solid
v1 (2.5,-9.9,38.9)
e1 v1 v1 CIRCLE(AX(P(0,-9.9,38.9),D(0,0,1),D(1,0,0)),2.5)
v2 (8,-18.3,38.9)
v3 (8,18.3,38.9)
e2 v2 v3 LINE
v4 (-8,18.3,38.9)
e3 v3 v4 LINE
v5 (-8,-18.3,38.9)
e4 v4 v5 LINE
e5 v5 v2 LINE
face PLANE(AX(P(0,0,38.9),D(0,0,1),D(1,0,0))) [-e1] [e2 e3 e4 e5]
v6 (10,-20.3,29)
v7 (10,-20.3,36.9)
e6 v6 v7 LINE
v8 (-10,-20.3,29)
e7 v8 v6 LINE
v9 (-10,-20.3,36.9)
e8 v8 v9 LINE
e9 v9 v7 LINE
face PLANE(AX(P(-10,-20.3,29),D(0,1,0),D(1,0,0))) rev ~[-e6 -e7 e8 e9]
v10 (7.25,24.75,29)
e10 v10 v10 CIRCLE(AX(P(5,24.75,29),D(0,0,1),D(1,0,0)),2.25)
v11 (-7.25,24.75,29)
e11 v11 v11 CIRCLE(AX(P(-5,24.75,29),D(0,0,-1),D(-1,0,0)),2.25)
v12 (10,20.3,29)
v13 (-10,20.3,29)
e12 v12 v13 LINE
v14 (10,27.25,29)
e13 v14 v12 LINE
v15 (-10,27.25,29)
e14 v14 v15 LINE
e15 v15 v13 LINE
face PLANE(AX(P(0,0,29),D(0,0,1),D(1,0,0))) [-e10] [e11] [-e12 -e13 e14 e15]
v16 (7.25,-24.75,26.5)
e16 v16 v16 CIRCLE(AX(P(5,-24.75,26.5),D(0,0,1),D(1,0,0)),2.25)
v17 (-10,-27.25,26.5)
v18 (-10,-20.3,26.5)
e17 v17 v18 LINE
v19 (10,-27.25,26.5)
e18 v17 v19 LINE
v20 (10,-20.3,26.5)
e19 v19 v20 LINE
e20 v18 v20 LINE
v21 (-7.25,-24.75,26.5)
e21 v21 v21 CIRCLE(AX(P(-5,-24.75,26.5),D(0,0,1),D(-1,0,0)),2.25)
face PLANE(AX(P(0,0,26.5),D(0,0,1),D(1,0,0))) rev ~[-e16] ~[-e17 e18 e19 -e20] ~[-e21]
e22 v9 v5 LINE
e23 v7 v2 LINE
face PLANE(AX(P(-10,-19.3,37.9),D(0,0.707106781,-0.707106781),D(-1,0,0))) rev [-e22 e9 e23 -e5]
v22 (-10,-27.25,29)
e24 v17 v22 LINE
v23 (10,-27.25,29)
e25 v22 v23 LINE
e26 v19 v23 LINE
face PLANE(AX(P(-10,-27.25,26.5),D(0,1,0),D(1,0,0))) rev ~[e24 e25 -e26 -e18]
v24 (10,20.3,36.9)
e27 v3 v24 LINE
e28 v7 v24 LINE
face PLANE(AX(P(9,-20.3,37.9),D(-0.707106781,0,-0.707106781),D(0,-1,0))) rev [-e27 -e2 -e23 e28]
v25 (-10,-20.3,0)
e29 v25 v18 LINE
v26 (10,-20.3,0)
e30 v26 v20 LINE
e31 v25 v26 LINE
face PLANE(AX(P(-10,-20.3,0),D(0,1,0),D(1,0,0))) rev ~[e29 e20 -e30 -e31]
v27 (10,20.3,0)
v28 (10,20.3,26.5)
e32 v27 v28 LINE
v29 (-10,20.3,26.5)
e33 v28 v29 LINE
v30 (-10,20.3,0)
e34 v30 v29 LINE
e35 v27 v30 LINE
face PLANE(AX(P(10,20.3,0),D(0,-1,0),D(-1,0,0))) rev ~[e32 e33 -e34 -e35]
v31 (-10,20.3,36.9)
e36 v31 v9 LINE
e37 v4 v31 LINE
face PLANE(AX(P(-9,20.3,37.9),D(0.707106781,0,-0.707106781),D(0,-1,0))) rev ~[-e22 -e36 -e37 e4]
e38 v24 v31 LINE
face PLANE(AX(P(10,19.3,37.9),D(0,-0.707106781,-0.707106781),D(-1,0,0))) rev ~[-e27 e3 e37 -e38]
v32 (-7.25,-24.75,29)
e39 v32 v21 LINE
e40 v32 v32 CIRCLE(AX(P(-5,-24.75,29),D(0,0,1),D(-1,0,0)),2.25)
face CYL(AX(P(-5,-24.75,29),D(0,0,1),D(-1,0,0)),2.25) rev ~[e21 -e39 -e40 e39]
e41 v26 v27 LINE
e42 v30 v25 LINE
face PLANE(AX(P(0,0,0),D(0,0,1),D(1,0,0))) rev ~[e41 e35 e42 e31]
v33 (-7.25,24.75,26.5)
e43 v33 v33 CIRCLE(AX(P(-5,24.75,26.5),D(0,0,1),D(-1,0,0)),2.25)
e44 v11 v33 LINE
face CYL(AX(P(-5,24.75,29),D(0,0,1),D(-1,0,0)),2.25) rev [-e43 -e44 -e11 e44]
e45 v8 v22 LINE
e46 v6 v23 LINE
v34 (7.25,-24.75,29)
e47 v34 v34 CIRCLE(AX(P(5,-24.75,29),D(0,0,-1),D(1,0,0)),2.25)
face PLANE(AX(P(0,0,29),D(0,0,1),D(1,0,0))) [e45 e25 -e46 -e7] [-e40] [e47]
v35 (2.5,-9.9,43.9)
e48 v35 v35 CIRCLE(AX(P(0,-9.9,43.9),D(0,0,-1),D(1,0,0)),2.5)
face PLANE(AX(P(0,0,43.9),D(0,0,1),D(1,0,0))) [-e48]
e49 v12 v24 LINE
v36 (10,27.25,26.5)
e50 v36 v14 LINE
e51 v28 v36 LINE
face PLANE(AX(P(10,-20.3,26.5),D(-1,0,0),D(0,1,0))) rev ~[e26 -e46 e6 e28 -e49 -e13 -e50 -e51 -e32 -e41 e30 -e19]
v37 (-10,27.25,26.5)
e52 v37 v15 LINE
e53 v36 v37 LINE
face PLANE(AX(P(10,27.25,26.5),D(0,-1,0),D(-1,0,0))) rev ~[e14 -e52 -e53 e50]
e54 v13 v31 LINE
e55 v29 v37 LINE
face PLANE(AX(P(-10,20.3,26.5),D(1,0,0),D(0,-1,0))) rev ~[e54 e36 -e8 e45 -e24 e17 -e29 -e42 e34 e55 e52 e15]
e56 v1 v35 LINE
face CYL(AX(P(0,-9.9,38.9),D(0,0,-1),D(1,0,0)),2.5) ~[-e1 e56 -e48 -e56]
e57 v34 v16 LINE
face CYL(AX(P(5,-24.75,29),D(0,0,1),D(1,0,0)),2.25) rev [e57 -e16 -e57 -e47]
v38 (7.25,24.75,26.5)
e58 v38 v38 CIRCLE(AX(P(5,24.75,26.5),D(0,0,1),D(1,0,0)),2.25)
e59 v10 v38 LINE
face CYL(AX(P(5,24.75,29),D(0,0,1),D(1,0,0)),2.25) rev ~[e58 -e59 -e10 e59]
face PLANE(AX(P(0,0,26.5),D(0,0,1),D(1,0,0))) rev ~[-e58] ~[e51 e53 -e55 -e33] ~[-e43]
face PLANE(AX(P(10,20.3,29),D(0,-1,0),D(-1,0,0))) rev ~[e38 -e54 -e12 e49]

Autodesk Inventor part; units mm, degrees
ref_plane "YZ Plane" through (0, 0, 0) normal (1, 0, 0) x (0, 1, 0)
ref_plane "XZ Plane" through (0, 0, 0) normal (0, 1, 0) x (-1, 0, 0)
ref_plane "XY Plane" through (0, 0, 0) normal (0, 0, 1) x (1, 0, 0)
sketch "Skizze1" plane through (0, 0, 0) normal (0, 0, 1) x (1, 0, 0)
  line L0 (-10, -20.3) -> (10, -20.3)
  line L1 (10, -20.3) -> (10, 20.3)
  line L2 (10, 20.3) -> (-10, 20.3)
  line L3 (-10, 20.3) -> (-10, -20.3)
  line L4 (-10, -20.3) -> (10, 20.3) construction
  line L5 (10, -20.3) -> (-10, 20.3) construction
  point P0 (0, 0)
  dimension "d0" = 20
  dimension "d1" = 40.6
extrude "Extrusion1" add sketch "Skizze1" along normal blind 26.5
sketch "Skizze2" plane through (0, 0, 26.5) normal (0, 0, 1) x (1, 0, 0)
  point P0 (0, 0)
sketch "Skizze3" plane through (0, 0, 26.5) normal (0, 0, 1) x (1, 0, 0)
  line L0 (-10, 20.3) -> (-10, -20.3) projected
  line L1 (10, -20.3) -> (10, 20.3) projected
  line L2 (10, 20.3) -> (-10, 20.3) projected
  line L3 (-10, -20.3) -> (10, -20.3) projected
  line L4 (-10, -27.25) -> (10, -27.25)
  line L5 (10, -27.25) -> (10, 27.25)
  line L6 (10, 27.25) -> (-10, 27.25)
  line L7 (-10, 27.25) -> (-10, -27.25)
  line L8 (-10, -27.25) -> (10, 27.25) construction
  line L9 (10, -27.25) -> (-10, 27.25) construction
  point P0 (0, 0)
  dimension "d4" = 54.5
  dimension "d5" = 0
extrude "Extrusion2" add sketch "Skizze3" along normal blind 2.5
sketch "Skizze4" plane through (0, 0, 29) normal (0, 0, 1) x (1, 0, 0)
  line L0 (10, -20.3) -> (10, 20.3) projected
  line L1 (-10, -20.3) -> (10, -20.3)
  line L2 (10, -20.3) -> (10, 20.3)
  line L3 (10, 20.3) -> (-10, 20.3)
  line L4 (-10, 20.3) -> (-10, -20.3)
  line L5 (-10, -20.3) -> (10, 20.3) construction
  line L6 (10, -20.3) -> (-10, 20.3) construction
  point P0 (0, 0)
  dimension "d8" = 40.6
extrude "Extrusion3" add sketch "Skizze4" along normal blind 9.9
sketch "Skizze6" plane through (0, 0, 29) normal (0, 0, 1) x (1, 0, 0)
  line L0 (10, -27.25) -> (-10, -27.25) projected
  line L1 (-10, -27.25) -> (-10, -20.3) projected
  line L2 (10, -20.3) -> (-10, -20.3) projected
  line L3 (10, 20.3) -> (10, -20.3) projected
  line L4 (-10, 20.3) -> (10, 20.3) projected
  line L5 (-10, 20.3) -> (-10, 27.25) projected
  line L6 (-10, 27.25) -> (10, 27.25) projected
  line L7 (10, 27.25) -> (10, 20.3) projected
  line L8 (10, -20.3) -> (10, -27.25) projected
  line L9 (-10, -20.3) -> (-10, 20.3) projected
  circle A0 centre (5, 24.75) radius 2.25
  line L10 (-14, 0) -> (14, 0) projected
  line L11 (0, 38.15) -> (0, -38.15) projected
  point P0 (0, 0)
  dimension "d12" = 24.75
  dimension "d13" = 5
  dimension "d14" = 4.5
extrude "Extrusion4" cut sketch "Skizze6" against normal blind 9.9 contours A0
mirror "Spiegeln1" about plane through (0, 0, 0) normal (0, 1, 0) of "Extrusion4"
mirror "Spiegeln2" about plane through (0, 0, 0) normal (1, 0, 0) of "Extrusion4", "Spiegeln1"
sketch "Skizze7" plane through (0, 0, 38.9) normal (0, 0, 1) x (1, 0, 0)
  line L0 (0, 38.15) -> (0, -38.15) projected
  line L1 (-14, 0) -> (14, 0) projected
  circle A0 centre (-5, -24.75) radius 2.25 projected
  circle A1 centre (5, -24.75) radius 2.25 projected
  circle A2 centre (0, -9.9) radius 2.5
  point P0 (0, 0)
  dimension "d18" = 14.85
  dimension "d19" = 5
extrude "Extrusion5" add sketch "Skizze7" along normal blind 5 contours A2 L0 | L0 A2
chamfer "Fase1" distance 2 angle 45 4 edges at (0, -20.3, 38.9) (0, 20.3, 38.9) (10, 0, 38.9) (-10, 0, 38.9)
properties part number "Servo_Drehwerk" material "Aluminium 6061"
